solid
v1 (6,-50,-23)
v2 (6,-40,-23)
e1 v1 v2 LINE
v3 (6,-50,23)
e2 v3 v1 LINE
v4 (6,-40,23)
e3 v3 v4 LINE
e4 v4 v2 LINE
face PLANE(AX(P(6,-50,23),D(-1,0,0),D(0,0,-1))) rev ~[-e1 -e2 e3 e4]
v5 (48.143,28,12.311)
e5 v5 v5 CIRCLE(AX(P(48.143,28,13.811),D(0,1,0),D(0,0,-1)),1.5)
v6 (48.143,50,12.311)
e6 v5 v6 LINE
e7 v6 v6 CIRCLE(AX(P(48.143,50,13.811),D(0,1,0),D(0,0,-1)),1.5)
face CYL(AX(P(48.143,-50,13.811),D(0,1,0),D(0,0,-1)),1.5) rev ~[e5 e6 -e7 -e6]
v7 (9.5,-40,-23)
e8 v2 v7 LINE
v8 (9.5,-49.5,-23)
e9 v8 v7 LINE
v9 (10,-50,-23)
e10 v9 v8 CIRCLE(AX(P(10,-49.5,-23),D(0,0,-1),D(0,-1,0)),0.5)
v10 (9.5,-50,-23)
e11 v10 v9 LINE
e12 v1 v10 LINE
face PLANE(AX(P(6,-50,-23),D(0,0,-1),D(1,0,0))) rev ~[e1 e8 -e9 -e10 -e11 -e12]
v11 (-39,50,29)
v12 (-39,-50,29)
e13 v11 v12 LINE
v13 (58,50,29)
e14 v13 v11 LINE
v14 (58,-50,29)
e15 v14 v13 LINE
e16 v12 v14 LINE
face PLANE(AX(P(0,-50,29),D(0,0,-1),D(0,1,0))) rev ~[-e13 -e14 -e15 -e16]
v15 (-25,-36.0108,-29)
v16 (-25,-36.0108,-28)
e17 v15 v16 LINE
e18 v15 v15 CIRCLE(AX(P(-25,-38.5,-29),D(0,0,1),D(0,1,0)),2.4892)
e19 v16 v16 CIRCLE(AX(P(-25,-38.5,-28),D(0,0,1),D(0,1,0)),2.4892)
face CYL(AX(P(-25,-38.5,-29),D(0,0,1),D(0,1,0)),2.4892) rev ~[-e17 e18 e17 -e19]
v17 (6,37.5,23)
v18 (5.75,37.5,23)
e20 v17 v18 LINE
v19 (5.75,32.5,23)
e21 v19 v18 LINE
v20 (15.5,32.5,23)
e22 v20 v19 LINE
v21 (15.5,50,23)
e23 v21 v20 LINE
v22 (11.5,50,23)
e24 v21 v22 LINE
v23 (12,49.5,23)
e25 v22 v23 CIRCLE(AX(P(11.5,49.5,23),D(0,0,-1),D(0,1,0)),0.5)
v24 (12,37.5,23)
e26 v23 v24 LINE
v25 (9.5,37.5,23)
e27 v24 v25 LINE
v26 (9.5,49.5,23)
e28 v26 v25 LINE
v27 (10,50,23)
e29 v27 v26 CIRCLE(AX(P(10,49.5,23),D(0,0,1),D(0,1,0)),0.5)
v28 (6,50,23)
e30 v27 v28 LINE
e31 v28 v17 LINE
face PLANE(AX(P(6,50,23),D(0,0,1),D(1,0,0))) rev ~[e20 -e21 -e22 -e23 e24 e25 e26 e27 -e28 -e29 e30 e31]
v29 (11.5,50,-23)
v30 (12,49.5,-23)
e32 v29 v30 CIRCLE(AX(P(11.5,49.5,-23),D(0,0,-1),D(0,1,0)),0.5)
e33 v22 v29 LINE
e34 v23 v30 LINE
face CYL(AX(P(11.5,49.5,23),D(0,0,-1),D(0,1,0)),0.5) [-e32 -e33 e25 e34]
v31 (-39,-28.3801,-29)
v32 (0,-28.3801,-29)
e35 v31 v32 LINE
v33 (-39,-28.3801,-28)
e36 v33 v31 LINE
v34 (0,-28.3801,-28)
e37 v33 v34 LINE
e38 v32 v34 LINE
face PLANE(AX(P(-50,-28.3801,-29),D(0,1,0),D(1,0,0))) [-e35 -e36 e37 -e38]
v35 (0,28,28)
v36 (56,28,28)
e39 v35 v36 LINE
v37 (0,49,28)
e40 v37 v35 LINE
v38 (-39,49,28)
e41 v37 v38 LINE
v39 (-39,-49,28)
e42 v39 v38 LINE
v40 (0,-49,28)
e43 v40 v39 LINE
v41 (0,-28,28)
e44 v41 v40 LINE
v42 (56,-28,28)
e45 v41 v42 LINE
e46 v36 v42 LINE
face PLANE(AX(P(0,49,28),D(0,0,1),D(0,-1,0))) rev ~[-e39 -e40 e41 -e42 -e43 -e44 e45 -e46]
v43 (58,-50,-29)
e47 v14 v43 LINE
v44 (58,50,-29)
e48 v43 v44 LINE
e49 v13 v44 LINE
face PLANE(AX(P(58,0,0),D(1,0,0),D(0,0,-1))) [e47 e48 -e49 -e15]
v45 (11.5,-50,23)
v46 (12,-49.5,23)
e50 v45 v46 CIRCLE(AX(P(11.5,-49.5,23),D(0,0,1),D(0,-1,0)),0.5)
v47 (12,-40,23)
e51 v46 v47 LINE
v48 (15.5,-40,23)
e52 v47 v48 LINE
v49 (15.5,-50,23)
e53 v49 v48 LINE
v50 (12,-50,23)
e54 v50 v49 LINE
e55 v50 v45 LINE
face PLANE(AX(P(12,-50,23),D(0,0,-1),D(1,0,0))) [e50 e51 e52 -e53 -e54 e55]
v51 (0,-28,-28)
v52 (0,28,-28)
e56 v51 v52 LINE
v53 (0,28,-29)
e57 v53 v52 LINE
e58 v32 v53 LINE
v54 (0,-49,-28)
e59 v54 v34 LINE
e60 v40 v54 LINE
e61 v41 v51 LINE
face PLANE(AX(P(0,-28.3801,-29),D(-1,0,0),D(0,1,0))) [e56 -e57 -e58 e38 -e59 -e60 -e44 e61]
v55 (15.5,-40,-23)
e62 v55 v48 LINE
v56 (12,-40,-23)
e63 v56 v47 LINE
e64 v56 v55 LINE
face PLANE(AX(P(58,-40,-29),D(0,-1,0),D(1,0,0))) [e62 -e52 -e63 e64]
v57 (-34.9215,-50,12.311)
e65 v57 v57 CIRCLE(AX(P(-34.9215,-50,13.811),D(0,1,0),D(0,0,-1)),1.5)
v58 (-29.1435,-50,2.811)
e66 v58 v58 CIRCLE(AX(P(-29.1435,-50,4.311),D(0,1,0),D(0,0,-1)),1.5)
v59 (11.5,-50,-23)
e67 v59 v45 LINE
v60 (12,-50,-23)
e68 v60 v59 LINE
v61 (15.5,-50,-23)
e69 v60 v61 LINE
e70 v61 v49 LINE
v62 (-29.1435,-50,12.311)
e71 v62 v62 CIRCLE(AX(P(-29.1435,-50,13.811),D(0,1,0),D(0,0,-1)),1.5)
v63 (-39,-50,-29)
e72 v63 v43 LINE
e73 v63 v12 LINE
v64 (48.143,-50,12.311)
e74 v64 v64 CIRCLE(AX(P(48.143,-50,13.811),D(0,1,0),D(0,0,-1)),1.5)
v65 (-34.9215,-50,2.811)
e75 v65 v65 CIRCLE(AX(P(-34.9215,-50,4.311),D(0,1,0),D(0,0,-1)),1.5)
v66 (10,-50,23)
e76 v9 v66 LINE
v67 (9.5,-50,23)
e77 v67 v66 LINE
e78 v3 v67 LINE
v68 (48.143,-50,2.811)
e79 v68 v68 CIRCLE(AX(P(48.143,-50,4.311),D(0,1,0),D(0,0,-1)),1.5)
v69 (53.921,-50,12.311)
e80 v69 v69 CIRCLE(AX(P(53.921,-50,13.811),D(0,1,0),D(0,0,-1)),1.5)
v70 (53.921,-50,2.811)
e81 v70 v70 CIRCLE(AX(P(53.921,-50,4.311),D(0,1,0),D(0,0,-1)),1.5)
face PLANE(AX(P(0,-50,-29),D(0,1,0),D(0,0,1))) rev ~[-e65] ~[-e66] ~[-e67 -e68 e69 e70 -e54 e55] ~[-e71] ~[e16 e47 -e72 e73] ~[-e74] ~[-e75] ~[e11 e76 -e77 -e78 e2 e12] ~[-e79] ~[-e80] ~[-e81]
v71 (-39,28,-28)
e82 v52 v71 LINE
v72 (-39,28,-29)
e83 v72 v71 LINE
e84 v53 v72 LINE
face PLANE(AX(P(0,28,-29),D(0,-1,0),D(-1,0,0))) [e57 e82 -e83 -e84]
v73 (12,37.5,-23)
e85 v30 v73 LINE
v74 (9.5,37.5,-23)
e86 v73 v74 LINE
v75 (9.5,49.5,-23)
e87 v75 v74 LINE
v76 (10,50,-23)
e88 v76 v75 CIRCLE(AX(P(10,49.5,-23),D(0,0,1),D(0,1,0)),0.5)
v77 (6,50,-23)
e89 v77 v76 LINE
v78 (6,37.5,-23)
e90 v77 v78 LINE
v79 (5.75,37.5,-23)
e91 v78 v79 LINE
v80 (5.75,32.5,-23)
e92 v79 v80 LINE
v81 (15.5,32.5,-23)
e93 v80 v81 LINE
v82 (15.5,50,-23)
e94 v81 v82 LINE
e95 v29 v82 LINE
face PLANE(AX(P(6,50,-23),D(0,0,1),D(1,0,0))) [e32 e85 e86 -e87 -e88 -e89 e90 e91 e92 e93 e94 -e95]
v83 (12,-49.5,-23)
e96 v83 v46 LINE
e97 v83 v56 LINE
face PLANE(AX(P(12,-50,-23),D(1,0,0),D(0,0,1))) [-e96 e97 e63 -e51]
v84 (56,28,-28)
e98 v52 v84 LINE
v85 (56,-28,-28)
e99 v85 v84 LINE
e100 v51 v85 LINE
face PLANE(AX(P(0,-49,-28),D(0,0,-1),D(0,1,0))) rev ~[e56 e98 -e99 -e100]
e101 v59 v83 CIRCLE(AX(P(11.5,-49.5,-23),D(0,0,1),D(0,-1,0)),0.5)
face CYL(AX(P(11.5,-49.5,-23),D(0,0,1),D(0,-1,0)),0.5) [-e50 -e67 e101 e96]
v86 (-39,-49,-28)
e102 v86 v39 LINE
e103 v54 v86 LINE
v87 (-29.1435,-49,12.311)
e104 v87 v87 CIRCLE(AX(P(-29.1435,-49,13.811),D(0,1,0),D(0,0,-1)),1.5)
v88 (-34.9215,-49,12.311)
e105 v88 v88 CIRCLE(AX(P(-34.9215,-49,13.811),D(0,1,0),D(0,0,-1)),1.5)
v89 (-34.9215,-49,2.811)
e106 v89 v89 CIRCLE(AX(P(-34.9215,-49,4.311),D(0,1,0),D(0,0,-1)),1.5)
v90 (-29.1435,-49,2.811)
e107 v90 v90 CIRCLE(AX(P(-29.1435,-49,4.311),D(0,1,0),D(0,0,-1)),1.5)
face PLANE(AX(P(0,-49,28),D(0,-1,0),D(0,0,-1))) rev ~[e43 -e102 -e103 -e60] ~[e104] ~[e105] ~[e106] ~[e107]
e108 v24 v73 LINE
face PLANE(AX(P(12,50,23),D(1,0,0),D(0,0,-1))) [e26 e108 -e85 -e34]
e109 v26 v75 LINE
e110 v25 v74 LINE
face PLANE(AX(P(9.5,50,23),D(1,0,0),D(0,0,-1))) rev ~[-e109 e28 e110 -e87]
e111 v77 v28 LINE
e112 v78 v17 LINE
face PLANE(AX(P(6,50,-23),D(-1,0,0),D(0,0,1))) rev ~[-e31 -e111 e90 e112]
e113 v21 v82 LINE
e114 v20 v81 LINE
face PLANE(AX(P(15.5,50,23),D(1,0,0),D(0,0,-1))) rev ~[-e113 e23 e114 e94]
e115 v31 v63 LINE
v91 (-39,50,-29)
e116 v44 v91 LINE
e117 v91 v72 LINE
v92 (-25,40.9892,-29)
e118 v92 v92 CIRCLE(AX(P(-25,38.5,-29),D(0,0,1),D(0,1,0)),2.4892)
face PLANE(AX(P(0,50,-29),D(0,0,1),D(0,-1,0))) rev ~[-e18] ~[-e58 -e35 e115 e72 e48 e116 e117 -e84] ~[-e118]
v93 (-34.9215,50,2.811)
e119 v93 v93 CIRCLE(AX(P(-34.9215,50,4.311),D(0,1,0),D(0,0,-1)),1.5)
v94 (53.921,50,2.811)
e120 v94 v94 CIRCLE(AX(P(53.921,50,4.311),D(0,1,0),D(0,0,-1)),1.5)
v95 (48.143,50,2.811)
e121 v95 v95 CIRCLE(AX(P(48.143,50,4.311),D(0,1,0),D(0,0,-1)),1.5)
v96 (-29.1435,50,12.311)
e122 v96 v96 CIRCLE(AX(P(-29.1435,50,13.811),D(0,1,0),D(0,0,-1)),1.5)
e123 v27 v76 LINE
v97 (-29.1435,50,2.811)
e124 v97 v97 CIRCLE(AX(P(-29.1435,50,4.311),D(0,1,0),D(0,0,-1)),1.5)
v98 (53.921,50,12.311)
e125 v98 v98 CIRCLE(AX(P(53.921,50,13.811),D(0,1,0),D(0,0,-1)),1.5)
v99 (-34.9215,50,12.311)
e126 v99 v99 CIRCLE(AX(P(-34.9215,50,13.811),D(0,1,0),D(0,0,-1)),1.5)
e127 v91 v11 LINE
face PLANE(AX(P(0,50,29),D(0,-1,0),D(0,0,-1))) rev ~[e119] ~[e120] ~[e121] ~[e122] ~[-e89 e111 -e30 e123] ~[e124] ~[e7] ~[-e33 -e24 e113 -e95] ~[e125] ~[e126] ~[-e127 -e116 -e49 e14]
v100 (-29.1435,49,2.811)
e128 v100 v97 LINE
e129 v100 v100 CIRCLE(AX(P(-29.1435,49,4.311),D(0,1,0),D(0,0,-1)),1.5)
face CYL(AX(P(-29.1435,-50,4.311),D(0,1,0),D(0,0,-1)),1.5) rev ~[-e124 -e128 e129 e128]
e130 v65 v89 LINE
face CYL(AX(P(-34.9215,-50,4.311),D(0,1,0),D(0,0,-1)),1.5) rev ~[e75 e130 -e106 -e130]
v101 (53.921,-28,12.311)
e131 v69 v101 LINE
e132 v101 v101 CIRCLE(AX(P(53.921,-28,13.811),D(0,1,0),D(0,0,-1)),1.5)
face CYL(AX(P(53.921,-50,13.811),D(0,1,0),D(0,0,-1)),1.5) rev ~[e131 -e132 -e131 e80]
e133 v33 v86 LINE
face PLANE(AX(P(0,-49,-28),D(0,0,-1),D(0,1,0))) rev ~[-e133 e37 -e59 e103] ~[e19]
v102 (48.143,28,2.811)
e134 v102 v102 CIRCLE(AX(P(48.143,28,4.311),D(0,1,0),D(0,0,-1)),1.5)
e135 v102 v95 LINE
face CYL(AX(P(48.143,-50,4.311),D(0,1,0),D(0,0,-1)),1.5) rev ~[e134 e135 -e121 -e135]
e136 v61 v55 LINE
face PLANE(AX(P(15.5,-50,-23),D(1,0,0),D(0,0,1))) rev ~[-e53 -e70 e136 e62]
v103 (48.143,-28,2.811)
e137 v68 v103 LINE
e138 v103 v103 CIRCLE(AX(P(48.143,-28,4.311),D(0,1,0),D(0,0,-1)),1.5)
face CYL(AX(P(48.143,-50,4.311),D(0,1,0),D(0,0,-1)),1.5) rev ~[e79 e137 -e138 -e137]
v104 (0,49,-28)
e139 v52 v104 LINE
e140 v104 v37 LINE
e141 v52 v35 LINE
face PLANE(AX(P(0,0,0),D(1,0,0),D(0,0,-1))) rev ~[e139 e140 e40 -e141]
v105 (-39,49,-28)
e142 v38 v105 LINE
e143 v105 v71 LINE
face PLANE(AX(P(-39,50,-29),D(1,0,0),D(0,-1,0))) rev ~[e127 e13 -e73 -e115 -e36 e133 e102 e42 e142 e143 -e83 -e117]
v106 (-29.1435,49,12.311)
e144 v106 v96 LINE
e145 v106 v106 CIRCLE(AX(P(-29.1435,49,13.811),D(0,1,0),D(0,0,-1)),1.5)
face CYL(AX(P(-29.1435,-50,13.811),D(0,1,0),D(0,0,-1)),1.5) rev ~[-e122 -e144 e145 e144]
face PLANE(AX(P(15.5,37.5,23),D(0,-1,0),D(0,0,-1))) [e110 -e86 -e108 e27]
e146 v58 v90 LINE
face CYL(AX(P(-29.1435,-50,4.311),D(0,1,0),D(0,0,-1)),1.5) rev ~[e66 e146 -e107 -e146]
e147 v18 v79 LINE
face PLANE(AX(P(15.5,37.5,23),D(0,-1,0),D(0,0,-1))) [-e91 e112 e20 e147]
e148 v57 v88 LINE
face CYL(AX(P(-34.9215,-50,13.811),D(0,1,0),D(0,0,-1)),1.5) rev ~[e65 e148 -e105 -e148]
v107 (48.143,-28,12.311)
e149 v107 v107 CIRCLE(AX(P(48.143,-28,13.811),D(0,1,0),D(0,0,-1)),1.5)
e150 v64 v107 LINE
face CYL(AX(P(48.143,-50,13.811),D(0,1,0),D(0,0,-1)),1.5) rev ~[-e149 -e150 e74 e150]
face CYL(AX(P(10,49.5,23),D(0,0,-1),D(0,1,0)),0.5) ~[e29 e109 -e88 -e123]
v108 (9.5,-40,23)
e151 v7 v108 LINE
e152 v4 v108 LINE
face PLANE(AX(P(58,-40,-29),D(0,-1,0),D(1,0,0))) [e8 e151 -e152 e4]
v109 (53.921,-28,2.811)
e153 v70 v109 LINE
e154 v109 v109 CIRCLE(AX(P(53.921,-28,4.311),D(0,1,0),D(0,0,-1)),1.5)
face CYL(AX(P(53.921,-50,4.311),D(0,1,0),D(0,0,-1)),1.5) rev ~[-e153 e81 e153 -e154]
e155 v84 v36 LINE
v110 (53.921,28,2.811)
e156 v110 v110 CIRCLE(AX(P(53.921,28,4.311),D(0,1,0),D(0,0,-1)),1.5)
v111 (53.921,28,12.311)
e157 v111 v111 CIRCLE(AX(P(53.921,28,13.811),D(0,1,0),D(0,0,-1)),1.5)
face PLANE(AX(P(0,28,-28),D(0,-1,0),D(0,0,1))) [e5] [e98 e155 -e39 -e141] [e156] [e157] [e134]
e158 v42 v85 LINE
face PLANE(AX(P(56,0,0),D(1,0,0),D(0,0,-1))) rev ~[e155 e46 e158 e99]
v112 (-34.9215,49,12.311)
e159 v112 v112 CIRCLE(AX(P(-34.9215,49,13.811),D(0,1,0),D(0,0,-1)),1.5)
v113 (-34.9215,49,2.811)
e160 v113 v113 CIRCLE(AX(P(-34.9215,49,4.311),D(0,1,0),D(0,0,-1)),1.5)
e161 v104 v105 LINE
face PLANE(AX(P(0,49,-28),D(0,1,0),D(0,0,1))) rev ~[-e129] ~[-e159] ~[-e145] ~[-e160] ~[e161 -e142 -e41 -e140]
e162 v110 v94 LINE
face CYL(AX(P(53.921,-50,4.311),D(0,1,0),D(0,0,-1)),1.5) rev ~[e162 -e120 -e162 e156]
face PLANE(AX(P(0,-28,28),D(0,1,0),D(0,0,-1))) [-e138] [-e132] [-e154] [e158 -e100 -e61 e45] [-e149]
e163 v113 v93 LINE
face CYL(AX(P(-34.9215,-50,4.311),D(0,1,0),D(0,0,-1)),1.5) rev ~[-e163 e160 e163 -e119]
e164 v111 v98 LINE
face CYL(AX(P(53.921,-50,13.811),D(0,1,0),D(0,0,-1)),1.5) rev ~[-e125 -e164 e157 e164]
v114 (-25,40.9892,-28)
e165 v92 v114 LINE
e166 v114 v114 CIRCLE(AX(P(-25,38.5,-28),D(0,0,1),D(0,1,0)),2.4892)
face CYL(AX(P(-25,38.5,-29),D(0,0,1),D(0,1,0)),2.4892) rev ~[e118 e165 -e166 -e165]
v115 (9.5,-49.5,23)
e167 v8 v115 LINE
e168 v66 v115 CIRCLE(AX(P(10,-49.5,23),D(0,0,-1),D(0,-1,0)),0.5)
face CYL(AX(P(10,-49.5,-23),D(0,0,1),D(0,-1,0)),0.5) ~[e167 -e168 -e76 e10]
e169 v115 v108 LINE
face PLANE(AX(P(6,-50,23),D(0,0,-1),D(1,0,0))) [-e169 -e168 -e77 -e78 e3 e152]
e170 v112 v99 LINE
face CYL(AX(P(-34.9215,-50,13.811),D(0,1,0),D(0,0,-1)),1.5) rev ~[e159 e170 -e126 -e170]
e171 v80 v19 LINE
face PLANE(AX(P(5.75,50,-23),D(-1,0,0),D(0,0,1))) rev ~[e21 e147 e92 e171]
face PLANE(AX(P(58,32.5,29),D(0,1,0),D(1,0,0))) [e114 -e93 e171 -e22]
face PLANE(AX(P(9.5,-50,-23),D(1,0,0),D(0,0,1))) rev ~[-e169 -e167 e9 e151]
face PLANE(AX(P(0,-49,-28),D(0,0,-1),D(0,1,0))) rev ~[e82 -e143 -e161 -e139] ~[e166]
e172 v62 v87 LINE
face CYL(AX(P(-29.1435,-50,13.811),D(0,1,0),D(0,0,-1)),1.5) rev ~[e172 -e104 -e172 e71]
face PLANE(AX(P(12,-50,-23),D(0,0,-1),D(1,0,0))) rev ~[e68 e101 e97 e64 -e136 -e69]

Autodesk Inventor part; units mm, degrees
ref_plane "YZ Plane" through (0, 0, 0) normal (1, 0, 0) x (0, 1, 0)
ref_plane "XZ Plane" through (0, 0, 0) normal (0, 1, 0) x (-1, 0, 0)
ref_plane "XY Plane" through (0, 0, 0) normal (0, 0, 1) x (1, 0, 0)
sketch "Szkic1" plane through (0, 0, 0) normal (1, 0, 0) x (0, 1, 0)
  line L0 (29, 29) -> (-29, 29)
  line L1 (-29, 29) -> (-29, -29)
  line L2 (-29, -29) -> (29, -29)
  line L3 (29, -29) -> (29, 29)
  line L4 (28, 28) -> (-28, 28)
  line L5 (-28, 28) -> (-28, -28)
  line L6 (-28, -28) -> (28, -28)
  line L7 (28, -28) -> (28, 28)
  point P0 (0, 0)
  dimension "d0" = 58
  dimension "d1" = 58
  dimension "d2" = 56
  dimension "d3" = 56
extrude "Wyciągnięcie proste1" add sketch "Szkic1" along normal blind 56
sketch "Szkic2" plane through (56, 0, 0) normal (1, 0, 0) x (0, 0, -1)
  line L0 (29, 29) -> (-29, 29) projected
  line L1 (29, -29) -> (29, 29) projected
  line L2 (-29, 29) -> (29, 29)
  line L3 (29, 29) -> (29, -29)
  line L4 (29, -29) -> (-29, -29)
  line L5 (-29, -29) -> (-29, 29)
  point P0 (0, 0)
extrude "Wyciągnięcie proste2" add sketch "Szkic2" along normal blind 2
sketch "Szkic3" plane through (0, 0, 0) normal (-1, 0, 0) x (0, 0, 1)
  line L0 (29, 50) -> (-29, 50)
  line L1 (-29, 50) -> (-29, -50)
  line L2 (-29, -50) -> (29, -50)
  line L3 (29, -50) -> (29, 50)
  line L4 (-28, 49) -> (28, 49)
  line L5 (28, 49) -> (28, -49)
  line L6 (28, -49) -> (-28, -49)
  line L7 (-28, -49) -> (-28, 49)
  point P0 (0, 0)
  dimension "d8" = 100
  dimension "d9" = 98
extrude "Wyciągnięcie proste3" add sketch "Szkic3" along normal blind 50
sketch "Szkic4" plane through (0, 0, 0) normal (1, 0, 0) x (0, 0, -1)
  line L0 (-29, 29) -> (-29, 50) projected
  line L1 (29, -29) -> (29, 29) projected
  line L2 (-29, 50) -> (29, 50)
  line L3 (29, 50) -> (29, 29)
  line L4 (29, 29) -> (-29, 29)
  line L5 (-29, 29) -> (-29, 50)
  line L6 (29, -50) -> (-29, -50) projected
  line L7 (-29, -29) -> (29, -29)
  line L8 (29, -29) -> (29, -50)
  line L9 (29, -50) -> (-29, -50)
  line L10 (-29, -50) -> (-29, -29)
  point P0 (0, 0)
extrude "Wyciągnięcie proste4" add sketch "Szkic4" along normal blind 1
sketch "Szkic5" plane through (58, -29, -29) normal (0, 0, -1) x (-1, 0, 0)
  line L0 (108, 78) -> (108, -20) projected
  line L1 (58, 57) -> (108, 57)
  line L2 (108, 57) -> (108, 0.6199)
  line L3 (108, 0.6199) -> (58, 0.6199)
  line L4 (58, 0.6199) -> (58, 57)
  point P0 (58, 29)
extrude "Wyciągnięcie proste5" cut sketch "Szkic5" against normal blind 1
sketch "Szkic6" plane through (58, -29, -29) normal (0, 0, -1) x (-1, 0, 0)
  line L0 (108, 57) -> (58, 57) projected
  line L1 (83, 57) -> (83, 78)
  line L2 (58, 78) -> (108, 78) projected
  line L3 (108, 57) -> (108, 78) projected
  line L4 (108, 67.5) -> (57, 67.5)
  line L5 (57, 58) -> (57, 79) projected
  line L6 (58, -20) -> (108, -20) projected
  line L7 (83, -20) -> (83, 0.6199)
  line L8 (58, 0.6199) -> (108, 0.6199) projected
  line L9 (58, -20) -> (58, 1) projected
  line L10 (58, -9.5) -> (108, -9.5)
  line L11 (108, 0.6199) -> (108, -21) projected
  circle A0 centre (83, 67.5) radius 1.5
  circle A1 centre (83, -9.5) radius 1.5
  point P0 (58, 29)
  dimension "d16" = 3
  dimension "d17" = 3
hole "Otwór1" at (-25, 38.5, -29) at (-25, -38.5, -29) direction (0, 0, 1) diameter 4.9784 depth 1 tip angle 118 thread size "1/4-20 UNC" class "2B" standard "ANSI Unified Screw Threads"
sketch "Szkic7" plane through (58, -29, 29) normal (0, 0, 1) x (1, 0, 0)
  line L0 (-57, 79) -> (-57, 58) projected
  line L1 (-57, 79) -> (0, 79)
  line L2 (0, 58) -> (0, 0) projected
  line L3 (0, 79) -> (0, 58)
  line L4 (-57, -21) -> (-108, -21) projected
  line L5 (-57, -21) -> (0, -21)
  line L6 (0, -21) -> (0, 0)
  line L7 (-57, 58) -> (0, 58) projected
  line L8 (0, 58) -> (-57, 58)
  line L9 (-57, 58) -> (-57, 79)
  line L10 (-57, -21) -> (-57, 0)
  line L11 (-57, 0) -> (0, 0)
  point P0 (-58, 29)
extrude "Wyciągnięcie proste6" add sketch "Szkic7" against normal blind 58
sketch "Szkic8" plane through (58, 50, -29) normal (0, 0, -1) x (-1, 0, 0)
  line L0 (0, 0) -> (108, 0) projected
  line L1 (108, 0) -> (97, 0)
  line L2 (97, 0) -> (97, -100)
  line L3 (0, -100) -> (108, -100) projected
  line L4 (108, -100) -> (97, -100)
  line L5 (108, -100) -> (108, 0)
  line L6 (97, 0) -> (108, 0)
  point P0 (58, -50)
  dimension "d27" = 11
extrude "Wyciągnięcie proste7" cut sketch "Szkic8" against normal blind 58
sketch "Szkic9" plane through (58, -50, -29) normal (0, -1, 0) x (1, 0, 0)
  line L0 (0, 58) -> (-97, 58) projected
  line L1 (-97, 0) -> (-97, 58) projected
  line L2 (-92.9215, 33.311) -> (-92.9215, 42.811)
  line L3 (0, 0) -> (-97, 0) projected
  line L4 (-87.1435, 33.311) -> (-97, 33.311)
  line L5 (-87.1435, 33.311) -> (-87.1435, 42.811)
  line L6 (-87.1435, 42.811) -> (-92.9215, 42.811)
  line L7 (-92.9215, 42.811) -> (-92.9215, 33.311)
  line L8 (-97, 0) -> (-48.5, 0)
  line L9 (0, 58) -> (0, 0) projected
  point P0 (-9.857, 42.811)
  point P1 (-9.857, 33.311)
  point P2 (-4.079, 33.311)
  point P3 (-4.079, 42.811)
  dimension "d54" = 5.778
  dimension "d59" = 5.778
  dimension "d60" = 33.311
  dimension "d61" = 9.5
  dimension "d68" = 4.0785
  dimension "d70" = 9.5
  dimension "d71" = 9.5
  dimension "d72" = 5.778
  dimension "d73" = 5.778
  dimension "d74" = 4.079
  dimension "d75" = 77.2865
  dimension "d76" = 77.2865
hole "Otwór2" at (-29.1435, -50, 4.311) at (-29.1435, -50, 13.811) at (-34.9215, -50, 4.311) at (-34.9215, -50, 13.811) at (48.143, -50, 13.811) at (53.921, -50, 13.811) at (53.921, -50, 4.311) at (48.143, -50, 4.311) direction (0, 1, 0) diameter 3 end through all
sketch "Szkic10" plane through (58, 50, 29) normal (0, 1, 0) x (1, 0, 0)
  line L0 (0, 0) -> (-97, 0)
  line L1 (-58, 1) -> (-97, 1) projected
  line L2 (0, 58) -> (-97, 58) projected
  line L3 (-97, 0) -> (-97, 58)
  line L4 (-97, 58) -> (0, 58)
  line L5 (0, 58) -> (0, 0)
  line L6 (-58, 1) -> (-2, 1) projected
  line L7 (-48.5, 1) -> (-48.5, 58)
  line L8 (-48.5, 58) -> (-53.5, 58)
  line L9 (-53.5, 58) -> (-54.5822, 58)
  line L10 (-48.5, 58) -> (-53.5, 58)
  line L11 (-48.5, 58) -> (-51, 58)
  line L12 (-48.5, 1) -> (-46, 1)
  line L13 (-46, 1) -> (-46, 58)
  line L14 (-46, 1) -> (-46, 0)
  line L15 (-48.5, 1) -> (-48.5, 0)
  line L16 (-48.5, 58) -> (-46, 58)
  line L17 (-46, 0) -> (-42.5, 0)
  line L18 (-42.5, 0) -> (-42.5, 58)
  line L19 (-48.5, 58) -> (-52, 58)
  line L20 (-52, 58) -> (-52, 0)
  line L21 (-48.5, 0) -> (-52, 0)
  line L22 (-52, 58) -> (-52, 52)
  line L23 (-52, 52) -> (-42.5, 52)
  line L24 (-52, 0) -> (-52, 6)
  line L25 (-52, 6) -> (-42.5, 6)
  point P0 (-58, 29)
  point P1 (-46, 6)
  point P2 (-46, 52)
  point P3 (-48.5, 6)
  point P4 (-48.5, 52)
  dimension "d78" = 2.5
  dimension "d79" = 3.5
  dimension "d80" = 3.5
  dimension "d81" = 6
  dimension "d82" = 6
extrude "Wyciągnięcie proste8" cut sketch "Szkic10" against normal blind 17.5 contours L25 L13 L23 L18 | L25 L20 L23 L7
sketch "Szkic11" plane through (15.5, 50, -23) normal (-1, 0, 0) x (0, 0, 1)
  line L0 (0, -17.5) -> (46, -17.5) projected
  line L1 (46, -17.5) -> (46, -12.5)
  line L2 (46, 0) -> (46, -17.5) projected
  line L3 (46, -12.5) -> (0, -12.5)
  line L4 (0, 0) -> (0, -17.5) projected
  line L5 (0, -17.5) -> (46, -17.5)
  line L6 (0, -17.5) -> (0, -12.5)
  line L7 (46, -12.5) -> (46, -17.5)
  point P0 (23, -50)
  dimension "d85" = 5
extrude "Wyciągnięcie proste9" cut sketch "Szkic11" along normal blind 9.75
fillet "Zaokrąglenie1" radius 0.5 2 edges at (9.5, 50, 0) (12, 50, 0)
sketch "Szkic12" plane through (58, -50, -29) normal (0, -1, 0) x (1, 0, 0)
  line L0 (0, 0) -> (-97, 0)
  line L1 (-97, 0) -> (-97, 58)
  line L2 (-97, 58) -> (0, 58)
  line L3 (0, 58) -> (0, 0)
  line L4 (-48.5, 1) -> (-48.5, 58)
  line L5 (-48.5, 58) -> (-53.5, 58)
  line L6 (-53.5, 58) -> (-54.5822, 58)
  line L7 (-48.5, 58) -> (-53.5, 58)
  line L8 (-48.5, 58) -> (-51, 58)
  line L9 (-48.5, 1) -> (-46, 1)
  line L10 (-46, 1) -> (-46, 58)
  line L11 (-46, 1) -> (-46, 0)
  line L12 (-48.5, 1) -> (-48.5, 0)
  line L13 (-48.5, 58) -> (-46, 58)
  line L14 (-46, 0) -> (-42.5, 0)
  line L15 (-42.5, 0) -> (-42.5, 58)
  line L16 (-48.5, 58) -> (-52, 58)
  line L17 (-52, 58) -> (-52, 0)
  line L18 (-48.5, 0) -> (-52, 0)
  line L19 (-52, 58) -> (-52, 52)
  line L20 (-52, 52) -> (-42.5, 52)
  line L21 (-52, 0) -> (-52, 6)
  line L22 (-52, 6) -> (-42.5, 6)
  point P0 (-58, 29)
  point P1 (-46, 6)
  point P2 (-46, 52)
  point P3 (-48.5, 6)
  point P4 (-48.5, 52)
  dimension "d89" = 2.5
  dimension "d90" = 3.5
  dimension "d91" = 3.5
  dimension "d92" = 6
  dimension "d93" = 6
extrude "Wyciągnięcie proste10" cut sketch "Szkic12" against normal blind 10 contours L22 L10 L20 L15 | L22 L17 L20 L4
fillet "Zaokrąglenie2" radius 0.5 2 edges at (12, -50, 0) (9.5, -50, 0)
properties part number "obudowa_silnik_H100_L11_W56"
